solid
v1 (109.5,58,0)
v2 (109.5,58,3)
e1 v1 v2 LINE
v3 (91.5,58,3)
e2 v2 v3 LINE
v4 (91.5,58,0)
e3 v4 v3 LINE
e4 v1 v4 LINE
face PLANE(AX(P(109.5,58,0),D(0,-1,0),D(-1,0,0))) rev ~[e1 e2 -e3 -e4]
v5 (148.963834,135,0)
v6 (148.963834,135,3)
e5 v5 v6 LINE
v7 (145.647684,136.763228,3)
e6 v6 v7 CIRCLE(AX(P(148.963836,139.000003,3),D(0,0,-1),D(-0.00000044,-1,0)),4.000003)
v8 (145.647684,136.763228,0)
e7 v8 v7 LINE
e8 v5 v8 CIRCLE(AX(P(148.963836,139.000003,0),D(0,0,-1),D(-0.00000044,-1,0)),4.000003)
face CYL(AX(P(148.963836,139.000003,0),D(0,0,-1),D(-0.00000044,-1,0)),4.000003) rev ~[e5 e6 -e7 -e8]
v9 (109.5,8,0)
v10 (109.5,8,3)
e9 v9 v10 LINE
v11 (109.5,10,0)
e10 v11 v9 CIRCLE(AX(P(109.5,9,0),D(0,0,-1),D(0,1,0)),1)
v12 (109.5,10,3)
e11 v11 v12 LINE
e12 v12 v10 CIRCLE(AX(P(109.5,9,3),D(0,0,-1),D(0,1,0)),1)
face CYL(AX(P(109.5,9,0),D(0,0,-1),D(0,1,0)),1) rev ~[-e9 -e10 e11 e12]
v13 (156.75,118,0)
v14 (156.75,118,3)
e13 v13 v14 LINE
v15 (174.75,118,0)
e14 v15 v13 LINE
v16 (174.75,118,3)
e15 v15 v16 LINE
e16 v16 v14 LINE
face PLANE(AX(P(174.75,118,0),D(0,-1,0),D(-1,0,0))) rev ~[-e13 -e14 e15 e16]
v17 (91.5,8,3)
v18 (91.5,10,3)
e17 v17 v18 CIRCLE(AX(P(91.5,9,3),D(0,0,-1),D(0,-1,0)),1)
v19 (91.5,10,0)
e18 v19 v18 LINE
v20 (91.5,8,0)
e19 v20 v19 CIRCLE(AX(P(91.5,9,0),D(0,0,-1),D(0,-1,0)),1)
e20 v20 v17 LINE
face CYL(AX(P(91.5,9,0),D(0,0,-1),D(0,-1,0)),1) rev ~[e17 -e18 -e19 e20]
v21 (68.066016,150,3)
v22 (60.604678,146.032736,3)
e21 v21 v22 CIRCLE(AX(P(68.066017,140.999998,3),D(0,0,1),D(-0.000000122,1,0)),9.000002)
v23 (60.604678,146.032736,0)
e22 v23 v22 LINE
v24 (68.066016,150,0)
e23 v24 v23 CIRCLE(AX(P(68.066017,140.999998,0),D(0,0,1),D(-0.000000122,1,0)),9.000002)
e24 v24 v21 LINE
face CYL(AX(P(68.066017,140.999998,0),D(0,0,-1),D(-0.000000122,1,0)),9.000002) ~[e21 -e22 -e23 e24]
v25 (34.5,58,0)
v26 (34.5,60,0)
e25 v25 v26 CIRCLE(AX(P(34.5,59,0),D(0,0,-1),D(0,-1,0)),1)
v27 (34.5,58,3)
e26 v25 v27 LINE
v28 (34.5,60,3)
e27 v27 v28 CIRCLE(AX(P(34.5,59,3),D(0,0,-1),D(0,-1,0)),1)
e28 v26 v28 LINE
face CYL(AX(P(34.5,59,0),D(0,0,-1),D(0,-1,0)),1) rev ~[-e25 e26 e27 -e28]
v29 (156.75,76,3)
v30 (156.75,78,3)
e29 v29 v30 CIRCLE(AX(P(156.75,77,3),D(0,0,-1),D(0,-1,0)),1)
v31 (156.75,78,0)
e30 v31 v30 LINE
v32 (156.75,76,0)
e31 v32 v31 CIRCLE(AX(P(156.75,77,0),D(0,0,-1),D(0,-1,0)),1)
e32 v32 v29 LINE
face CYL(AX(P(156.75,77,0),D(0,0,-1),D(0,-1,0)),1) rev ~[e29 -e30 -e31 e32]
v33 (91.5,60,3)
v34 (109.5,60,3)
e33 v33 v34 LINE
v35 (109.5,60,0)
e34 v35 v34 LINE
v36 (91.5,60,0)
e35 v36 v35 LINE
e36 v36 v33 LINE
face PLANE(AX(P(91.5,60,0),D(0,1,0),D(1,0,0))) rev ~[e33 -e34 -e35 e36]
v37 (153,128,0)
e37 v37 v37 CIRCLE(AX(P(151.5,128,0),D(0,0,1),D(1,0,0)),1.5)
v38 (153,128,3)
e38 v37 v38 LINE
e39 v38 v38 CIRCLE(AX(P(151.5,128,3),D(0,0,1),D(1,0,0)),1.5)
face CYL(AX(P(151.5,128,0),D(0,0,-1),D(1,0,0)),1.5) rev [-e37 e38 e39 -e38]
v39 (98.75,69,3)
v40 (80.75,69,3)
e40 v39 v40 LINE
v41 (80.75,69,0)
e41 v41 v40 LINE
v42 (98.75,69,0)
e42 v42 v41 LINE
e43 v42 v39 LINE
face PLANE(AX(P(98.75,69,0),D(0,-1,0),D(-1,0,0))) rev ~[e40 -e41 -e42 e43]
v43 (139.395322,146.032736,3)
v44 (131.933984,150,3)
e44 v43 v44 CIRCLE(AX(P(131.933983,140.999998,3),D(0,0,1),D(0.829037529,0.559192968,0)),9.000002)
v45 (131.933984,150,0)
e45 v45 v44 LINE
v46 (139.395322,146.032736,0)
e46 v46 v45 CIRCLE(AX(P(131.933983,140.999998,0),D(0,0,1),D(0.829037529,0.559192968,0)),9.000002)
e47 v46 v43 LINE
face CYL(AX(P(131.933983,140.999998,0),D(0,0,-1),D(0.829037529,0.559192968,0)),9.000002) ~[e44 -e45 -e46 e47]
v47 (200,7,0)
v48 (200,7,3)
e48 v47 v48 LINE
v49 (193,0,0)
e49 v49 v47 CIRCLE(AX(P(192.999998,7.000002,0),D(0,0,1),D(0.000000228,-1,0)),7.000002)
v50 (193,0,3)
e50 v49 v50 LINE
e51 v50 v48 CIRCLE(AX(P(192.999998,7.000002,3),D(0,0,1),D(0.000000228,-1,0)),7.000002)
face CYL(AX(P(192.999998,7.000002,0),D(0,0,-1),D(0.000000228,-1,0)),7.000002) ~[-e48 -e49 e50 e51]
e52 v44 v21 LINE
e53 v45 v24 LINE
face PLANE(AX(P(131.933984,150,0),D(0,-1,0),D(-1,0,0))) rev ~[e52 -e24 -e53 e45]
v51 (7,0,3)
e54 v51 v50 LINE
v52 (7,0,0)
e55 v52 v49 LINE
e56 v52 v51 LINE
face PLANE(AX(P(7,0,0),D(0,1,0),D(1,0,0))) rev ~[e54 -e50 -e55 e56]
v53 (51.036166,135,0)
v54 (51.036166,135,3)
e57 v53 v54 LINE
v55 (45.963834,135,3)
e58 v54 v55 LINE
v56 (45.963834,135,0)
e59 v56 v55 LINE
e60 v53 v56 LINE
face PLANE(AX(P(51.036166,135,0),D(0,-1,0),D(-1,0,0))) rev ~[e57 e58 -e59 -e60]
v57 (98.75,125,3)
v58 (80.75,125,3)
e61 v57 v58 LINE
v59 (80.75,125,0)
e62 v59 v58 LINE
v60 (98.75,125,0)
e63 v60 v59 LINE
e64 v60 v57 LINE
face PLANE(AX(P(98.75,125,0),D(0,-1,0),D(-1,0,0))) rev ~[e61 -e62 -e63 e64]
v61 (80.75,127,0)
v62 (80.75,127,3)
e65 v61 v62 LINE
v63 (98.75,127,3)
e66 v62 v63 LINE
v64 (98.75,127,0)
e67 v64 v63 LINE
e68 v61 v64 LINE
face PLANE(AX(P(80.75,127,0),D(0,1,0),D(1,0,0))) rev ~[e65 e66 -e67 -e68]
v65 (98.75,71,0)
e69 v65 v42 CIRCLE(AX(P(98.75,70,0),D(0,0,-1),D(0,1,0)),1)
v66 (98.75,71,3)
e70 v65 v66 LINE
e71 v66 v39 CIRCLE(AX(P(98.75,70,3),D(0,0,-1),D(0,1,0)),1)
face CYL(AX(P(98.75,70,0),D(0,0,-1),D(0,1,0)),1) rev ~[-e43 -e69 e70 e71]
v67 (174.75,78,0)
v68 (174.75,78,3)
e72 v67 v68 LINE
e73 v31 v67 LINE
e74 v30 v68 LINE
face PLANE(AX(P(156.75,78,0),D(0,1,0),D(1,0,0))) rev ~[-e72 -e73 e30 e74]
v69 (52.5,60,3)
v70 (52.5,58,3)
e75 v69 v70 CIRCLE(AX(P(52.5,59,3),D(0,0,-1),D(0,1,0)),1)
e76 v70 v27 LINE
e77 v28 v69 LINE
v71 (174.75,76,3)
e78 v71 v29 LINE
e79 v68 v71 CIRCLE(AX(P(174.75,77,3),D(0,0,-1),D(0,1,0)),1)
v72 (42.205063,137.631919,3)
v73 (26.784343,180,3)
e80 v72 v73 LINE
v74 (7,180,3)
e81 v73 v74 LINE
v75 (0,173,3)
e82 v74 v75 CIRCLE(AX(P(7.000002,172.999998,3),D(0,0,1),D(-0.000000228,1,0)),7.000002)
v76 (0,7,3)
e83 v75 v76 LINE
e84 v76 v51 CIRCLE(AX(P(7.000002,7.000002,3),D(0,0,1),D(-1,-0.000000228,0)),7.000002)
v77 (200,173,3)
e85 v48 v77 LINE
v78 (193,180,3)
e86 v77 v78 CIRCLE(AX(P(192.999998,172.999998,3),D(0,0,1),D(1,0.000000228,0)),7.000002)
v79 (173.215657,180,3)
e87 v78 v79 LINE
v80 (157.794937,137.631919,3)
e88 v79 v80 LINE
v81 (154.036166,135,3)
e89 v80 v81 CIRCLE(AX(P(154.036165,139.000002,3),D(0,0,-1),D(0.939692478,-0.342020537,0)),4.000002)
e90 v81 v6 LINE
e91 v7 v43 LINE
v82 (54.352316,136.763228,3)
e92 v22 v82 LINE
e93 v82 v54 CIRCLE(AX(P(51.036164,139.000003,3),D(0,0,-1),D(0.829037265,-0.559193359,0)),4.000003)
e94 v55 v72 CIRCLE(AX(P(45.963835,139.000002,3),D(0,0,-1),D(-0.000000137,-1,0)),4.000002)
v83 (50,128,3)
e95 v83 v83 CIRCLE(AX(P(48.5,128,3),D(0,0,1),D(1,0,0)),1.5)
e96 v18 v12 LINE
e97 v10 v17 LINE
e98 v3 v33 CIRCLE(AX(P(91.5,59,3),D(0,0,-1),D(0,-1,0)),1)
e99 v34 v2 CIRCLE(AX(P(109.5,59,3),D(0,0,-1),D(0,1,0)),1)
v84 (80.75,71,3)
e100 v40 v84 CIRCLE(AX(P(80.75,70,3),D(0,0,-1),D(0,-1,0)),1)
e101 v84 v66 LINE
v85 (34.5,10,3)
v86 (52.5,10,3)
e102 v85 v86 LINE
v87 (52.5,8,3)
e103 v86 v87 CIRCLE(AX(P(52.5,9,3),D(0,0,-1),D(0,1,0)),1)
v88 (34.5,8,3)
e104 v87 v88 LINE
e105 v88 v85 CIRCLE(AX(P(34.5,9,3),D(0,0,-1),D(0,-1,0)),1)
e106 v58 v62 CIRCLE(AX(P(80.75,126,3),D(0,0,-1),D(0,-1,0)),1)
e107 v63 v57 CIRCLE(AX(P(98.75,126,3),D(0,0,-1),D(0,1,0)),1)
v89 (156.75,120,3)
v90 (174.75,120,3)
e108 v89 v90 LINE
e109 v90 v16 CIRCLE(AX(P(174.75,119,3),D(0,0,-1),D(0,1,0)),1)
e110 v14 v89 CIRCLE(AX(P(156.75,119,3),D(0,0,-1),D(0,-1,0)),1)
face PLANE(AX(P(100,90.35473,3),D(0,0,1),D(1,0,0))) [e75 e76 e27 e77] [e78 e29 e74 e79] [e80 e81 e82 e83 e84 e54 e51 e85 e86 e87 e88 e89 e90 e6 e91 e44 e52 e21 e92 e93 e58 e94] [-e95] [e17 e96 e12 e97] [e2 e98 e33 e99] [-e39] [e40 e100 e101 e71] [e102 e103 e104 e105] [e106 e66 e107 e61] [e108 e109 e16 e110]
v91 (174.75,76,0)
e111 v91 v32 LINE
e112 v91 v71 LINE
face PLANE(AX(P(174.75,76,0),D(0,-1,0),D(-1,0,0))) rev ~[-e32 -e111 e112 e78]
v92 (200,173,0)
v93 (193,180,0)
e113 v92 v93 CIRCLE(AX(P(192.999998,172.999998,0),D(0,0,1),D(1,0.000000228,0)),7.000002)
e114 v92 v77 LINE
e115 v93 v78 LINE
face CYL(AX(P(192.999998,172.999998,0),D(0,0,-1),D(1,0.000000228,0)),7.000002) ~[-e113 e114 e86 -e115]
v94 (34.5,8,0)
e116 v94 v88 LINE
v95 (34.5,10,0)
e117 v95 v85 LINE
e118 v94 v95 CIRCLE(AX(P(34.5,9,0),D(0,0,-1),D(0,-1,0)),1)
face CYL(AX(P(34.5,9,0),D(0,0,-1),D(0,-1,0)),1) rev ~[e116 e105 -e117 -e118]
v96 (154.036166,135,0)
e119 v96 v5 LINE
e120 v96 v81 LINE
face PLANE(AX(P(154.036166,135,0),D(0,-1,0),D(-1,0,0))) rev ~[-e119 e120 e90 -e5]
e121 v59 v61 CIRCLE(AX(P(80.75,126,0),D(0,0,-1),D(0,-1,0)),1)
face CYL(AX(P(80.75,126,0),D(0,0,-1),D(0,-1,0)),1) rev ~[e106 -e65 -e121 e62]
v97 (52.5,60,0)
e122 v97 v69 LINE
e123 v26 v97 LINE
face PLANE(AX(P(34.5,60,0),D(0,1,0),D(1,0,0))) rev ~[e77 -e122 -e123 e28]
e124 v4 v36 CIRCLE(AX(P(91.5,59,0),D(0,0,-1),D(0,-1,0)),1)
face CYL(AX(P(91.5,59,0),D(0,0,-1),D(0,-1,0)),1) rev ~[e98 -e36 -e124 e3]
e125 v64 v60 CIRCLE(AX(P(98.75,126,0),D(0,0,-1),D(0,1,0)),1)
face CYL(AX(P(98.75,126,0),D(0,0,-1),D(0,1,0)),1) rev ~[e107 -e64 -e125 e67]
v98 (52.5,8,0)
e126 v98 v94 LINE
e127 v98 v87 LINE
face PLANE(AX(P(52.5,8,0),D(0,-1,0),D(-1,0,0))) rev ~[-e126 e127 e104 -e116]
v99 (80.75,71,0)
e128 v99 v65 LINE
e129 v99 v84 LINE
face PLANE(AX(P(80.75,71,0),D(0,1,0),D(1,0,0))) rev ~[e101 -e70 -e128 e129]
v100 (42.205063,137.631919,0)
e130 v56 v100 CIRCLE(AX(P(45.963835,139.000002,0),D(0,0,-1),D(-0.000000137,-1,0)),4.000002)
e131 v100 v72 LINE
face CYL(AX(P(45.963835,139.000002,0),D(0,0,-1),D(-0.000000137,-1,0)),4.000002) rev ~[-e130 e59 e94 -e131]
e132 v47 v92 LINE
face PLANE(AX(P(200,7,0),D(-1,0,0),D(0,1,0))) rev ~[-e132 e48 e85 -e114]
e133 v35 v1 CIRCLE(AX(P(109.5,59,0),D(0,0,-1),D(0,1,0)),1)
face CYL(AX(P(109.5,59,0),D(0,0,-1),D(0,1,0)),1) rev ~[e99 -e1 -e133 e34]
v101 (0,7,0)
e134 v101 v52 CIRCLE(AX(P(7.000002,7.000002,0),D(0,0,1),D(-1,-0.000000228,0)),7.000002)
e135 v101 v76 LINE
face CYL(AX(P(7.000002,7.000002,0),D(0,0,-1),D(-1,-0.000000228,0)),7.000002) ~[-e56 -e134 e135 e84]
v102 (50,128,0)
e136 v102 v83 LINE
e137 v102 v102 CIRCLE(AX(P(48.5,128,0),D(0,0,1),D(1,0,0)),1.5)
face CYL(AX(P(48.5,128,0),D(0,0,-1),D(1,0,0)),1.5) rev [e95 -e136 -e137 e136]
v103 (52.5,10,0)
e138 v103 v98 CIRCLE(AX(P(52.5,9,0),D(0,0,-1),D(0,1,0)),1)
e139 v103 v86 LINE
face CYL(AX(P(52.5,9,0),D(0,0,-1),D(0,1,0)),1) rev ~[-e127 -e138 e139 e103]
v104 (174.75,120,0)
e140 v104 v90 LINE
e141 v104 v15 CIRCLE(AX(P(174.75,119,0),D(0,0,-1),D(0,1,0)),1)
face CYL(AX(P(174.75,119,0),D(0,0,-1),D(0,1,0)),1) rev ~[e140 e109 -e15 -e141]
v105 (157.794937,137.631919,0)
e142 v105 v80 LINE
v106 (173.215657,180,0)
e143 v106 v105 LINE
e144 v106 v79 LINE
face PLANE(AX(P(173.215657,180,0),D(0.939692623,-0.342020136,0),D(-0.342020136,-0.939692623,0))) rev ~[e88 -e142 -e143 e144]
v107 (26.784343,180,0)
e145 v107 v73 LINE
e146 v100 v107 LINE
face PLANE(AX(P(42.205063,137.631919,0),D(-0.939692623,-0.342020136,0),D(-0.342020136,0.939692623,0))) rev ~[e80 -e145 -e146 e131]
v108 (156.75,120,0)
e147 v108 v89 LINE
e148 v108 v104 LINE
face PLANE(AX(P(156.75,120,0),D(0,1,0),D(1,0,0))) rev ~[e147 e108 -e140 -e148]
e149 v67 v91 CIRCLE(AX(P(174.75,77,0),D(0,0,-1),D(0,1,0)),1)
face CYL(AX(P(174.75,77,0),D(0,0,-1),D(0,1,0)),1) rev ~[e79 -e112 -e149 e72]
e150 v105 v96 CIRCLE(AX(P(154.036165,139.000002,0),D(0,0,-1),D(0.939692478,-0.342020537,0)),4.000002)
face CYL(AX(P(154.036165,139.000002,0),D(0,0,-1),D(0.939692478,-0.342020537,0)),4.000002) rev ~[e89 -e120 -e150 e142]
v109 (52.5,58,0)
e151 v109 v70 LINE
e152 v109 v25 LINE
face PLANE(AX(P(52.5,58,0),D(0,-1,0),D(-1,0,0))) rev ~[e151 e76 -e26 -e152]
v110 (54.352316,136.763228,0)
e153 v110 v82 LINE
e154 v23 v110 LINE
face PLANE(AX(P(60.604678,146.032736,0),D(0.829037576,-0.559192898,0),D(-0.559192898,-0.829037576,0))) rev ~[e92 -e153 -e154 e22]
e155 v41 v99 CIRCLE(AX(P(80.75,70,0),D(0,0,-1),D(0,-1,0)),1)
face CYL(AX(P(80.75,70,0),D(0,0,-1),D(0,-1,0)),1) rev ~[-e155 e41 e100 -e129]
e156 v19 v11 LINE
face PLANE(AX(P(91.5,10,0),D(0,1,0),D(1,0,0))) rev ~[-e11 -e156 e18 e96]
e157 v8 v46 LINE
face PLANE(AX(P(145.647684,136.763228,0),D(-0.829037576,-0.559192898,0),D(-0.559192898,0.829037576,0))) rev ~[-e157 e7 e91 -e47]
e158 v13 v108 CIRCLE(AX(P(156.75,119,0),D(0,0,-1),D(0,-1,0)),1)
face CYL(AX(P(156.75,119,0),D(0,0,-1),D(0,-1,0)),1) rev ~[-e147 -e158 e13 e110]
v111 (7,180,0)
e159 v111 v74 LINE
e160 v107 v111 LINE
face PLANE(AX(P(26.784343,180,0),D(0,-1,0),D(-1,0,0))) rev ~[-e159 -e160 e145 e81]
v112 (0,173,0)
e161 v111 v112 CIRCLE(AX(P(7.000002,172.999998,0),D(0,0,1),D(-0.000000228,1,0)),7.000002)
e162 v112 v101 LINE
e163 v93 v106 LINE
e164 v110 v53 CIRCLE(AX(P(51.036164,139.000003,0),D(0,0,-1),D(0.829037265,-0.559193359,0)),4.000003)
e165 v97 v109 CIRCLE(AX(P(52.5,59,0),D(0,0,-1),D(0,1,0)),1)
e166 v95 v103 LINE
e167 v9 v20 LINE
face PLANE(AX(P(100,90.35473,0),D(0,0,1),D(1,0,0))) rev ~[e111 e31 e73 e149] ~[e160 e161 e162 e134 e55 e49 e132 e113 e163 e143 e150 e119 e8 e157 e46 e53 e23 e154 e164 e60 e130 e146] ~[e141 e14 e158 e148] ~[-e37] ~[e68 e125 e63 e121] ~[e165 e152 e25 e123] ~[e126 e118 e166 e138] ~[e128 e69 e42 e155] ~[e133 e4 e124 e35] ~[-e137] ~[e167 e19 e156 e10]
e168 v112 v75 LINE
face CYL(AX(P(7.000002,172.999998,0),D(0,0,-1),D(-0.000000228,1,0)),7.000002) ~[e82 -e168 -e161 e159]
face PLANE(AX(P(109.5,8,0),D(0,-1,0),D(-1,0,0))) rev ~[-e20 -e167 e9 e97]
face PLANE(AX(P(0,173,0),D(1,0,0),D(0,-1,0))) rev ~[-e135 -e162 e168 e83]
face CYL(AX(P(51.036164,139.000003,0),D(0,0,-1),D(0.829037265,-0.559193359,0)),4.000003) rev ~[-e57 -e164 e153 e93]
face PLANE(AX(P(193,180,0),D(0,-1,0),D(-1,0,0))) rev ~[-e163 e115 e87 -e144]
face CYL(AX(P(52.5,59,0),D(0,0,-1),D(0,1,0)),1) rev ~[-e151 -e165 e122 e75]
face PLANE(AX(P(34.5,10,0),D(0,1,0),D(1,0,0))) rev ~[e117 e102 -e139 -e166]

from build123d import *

# Parameters (mm, degrees)
F0_R     = 1.5
F1_DEPTH = 3


with BuildPart() as f1:
    # F0 (on Top) → F1 (new body)
    with BuildSketch(Plane.XY):
        with BuildLine():
            Line((0, 173), (0, 7))
            ThreePointArc((0, 7), (2.050253, 2.050253), (7, 0))
            Line((7, 0), (100, 0))
            Line((100, 0), (193, 0))
            ThreePointArc((193, 0), (197.949747, 2.050253), (200, 7))
            Line((200, 7), (200, 173))
            ThreePointArc((200, 173), (197.949747, 177.949747), (193, 180))
            Line((193, 180), (173.215657, 180))
            Line((173.215657, 180), (157.794937, 137.631919))
            ThreePointArc((157.794937, 137.631919), (156.330472, 135.723392), (154.036166, 135))
            Line((154.036166, 135), (148.963834, 135))
            ThreePointArc((148.963834, 135), (147.085948, 135.46821), (145.647684, 136.763228))
            Line((145.647684, 136.763228), (139.395322, 146.032736))
            ThreePointArc((139.395322, 146.032736), (136.159228, 148.946528), (131.933984, 150))
            Line((131.933984, 150), (100, 150))
            Line((100, 150), (68.066016, 150))
            ThreePointArc((68.066016, 150), (63.840772, 148.946528), (60.604678, 146.032736))
            Line((60.604678, 146.032736), (54.352316, 136.763228))
            ThreePointArc((54.352316, 136.763228), (52.914052, 135.46821), (51.036166, 135))
            Line((51.036166, 135), (45.963834, 135))
            ThreePointArc((45.963834, 135), (43.669528, 135.723392), (42.205063, 137.631919))
            Line((42.205063, 137.631919), (26.784343, 180))
            Line((26.784343, 180), (7, 180))
            ThreePointArc((7, 180), (2.050253, 177.949747), (0, 173))
        make_face()
        with BuildLine():
            Line((52.5, 8), (34.5, 8))
            ThreePointArc((34.5, 8), (33.5, 9), (34.5, 10))
            Line((34.5, 10), (52.5, 10))
            ThreePointArc((52.5, 10), (53.5, 9), (52.5, 8))
        make_face(mode=Mode.SUBTRACT)
        with BuildLine():
            Line((52.5, 58), (34.5, 58))
            ThreePointArc((34.5, 58), (33.5, 59), (34.5, 60))
            Line((34.5, 60), (52.5, 60))
            ThreePointArc((52.5, 60), (53.5, 59), (52.5, 58))
        make_face(mode=Mode.SUBTRACT)
        with BuildLine():
            Line((98.75, 69), (80.75, 69))
            ThreePointArc((80.75, 69), (79.75, 70), (80.75, 71))
            Line((80.75, 71), (98.75, 71))
            ThreePointArc((98.75, 71), (99.75, 70), (98.75, 69))
        make_face(mode=Mode.SUBTRACT)
        with BuildLine():
            Line((109.5, 8), (91.5, 8))
            ThreePointArc((91.5, 8), (90.5, 9), (91.5, 10))
            Line((91.5, 10), (109.5, 10))
            ThreePointArc((109.5, 10), (110.5, 9), (109.5, 8))
        make_face(mode=Mode.SUBTRACT)
        with BuildLine():
            Line((109.5, 58), (91.5, 58))
            ThreePointArc((91.5, 58), (90.5, 59), (91.5, 60))
            Line((91.5, 60), (109.5, 60))
            ThreePointArc((109.5, 60), (110.5, 59), (109.5, 58))
        make_face(mode=Mode.SUBTRACT)
        with BuildLine():
            Line((174.75, 76), (156.75, 76))
            ThreePointArc((156.75, 76), (155.75, 77), (156.75, 78))
            Line((156.75, 78), (174.75, 78))
            ThreePointArc((174.75, 78), (175.75, 77), (174.75, 76))
        make_face(mode=Mode.SUBTRACT)
        with Locations((48.5, 128)):
            Circle(F0_R, mode=Mode.SUBTRACT)
        with BuildLine():
            Line((98.75, 125), (80.75, 125))
            ThreePointArc((80.75, 125), (79.75, 126), (80.75, 127))
            Line((80.75, 127), (98.75, 127))
            ThreePointArc((98.75, 127), (99.75, 126), (98.75, 125))
        make_face(mode=Mode.SUBTRACT)
        with BuildLine():
            Line((174.75, 118), (156.75, 118))
            ThreePointArc((156.75, 118), (155.75, 119), (156.75, 120))
            Line((156.75, 120), (174.75, 120))
            ThreePointArc((174.75, 120), (175.75, 119), (174.75, 118))
        make_face(mode=Mode.SUBTRACT)
        with Locations((151.5, 128)):
            Circle(F0_R, mode=Mode.SUBTRACT)
    extrude(amount=F1_DEPTH)


solid = f1.part
